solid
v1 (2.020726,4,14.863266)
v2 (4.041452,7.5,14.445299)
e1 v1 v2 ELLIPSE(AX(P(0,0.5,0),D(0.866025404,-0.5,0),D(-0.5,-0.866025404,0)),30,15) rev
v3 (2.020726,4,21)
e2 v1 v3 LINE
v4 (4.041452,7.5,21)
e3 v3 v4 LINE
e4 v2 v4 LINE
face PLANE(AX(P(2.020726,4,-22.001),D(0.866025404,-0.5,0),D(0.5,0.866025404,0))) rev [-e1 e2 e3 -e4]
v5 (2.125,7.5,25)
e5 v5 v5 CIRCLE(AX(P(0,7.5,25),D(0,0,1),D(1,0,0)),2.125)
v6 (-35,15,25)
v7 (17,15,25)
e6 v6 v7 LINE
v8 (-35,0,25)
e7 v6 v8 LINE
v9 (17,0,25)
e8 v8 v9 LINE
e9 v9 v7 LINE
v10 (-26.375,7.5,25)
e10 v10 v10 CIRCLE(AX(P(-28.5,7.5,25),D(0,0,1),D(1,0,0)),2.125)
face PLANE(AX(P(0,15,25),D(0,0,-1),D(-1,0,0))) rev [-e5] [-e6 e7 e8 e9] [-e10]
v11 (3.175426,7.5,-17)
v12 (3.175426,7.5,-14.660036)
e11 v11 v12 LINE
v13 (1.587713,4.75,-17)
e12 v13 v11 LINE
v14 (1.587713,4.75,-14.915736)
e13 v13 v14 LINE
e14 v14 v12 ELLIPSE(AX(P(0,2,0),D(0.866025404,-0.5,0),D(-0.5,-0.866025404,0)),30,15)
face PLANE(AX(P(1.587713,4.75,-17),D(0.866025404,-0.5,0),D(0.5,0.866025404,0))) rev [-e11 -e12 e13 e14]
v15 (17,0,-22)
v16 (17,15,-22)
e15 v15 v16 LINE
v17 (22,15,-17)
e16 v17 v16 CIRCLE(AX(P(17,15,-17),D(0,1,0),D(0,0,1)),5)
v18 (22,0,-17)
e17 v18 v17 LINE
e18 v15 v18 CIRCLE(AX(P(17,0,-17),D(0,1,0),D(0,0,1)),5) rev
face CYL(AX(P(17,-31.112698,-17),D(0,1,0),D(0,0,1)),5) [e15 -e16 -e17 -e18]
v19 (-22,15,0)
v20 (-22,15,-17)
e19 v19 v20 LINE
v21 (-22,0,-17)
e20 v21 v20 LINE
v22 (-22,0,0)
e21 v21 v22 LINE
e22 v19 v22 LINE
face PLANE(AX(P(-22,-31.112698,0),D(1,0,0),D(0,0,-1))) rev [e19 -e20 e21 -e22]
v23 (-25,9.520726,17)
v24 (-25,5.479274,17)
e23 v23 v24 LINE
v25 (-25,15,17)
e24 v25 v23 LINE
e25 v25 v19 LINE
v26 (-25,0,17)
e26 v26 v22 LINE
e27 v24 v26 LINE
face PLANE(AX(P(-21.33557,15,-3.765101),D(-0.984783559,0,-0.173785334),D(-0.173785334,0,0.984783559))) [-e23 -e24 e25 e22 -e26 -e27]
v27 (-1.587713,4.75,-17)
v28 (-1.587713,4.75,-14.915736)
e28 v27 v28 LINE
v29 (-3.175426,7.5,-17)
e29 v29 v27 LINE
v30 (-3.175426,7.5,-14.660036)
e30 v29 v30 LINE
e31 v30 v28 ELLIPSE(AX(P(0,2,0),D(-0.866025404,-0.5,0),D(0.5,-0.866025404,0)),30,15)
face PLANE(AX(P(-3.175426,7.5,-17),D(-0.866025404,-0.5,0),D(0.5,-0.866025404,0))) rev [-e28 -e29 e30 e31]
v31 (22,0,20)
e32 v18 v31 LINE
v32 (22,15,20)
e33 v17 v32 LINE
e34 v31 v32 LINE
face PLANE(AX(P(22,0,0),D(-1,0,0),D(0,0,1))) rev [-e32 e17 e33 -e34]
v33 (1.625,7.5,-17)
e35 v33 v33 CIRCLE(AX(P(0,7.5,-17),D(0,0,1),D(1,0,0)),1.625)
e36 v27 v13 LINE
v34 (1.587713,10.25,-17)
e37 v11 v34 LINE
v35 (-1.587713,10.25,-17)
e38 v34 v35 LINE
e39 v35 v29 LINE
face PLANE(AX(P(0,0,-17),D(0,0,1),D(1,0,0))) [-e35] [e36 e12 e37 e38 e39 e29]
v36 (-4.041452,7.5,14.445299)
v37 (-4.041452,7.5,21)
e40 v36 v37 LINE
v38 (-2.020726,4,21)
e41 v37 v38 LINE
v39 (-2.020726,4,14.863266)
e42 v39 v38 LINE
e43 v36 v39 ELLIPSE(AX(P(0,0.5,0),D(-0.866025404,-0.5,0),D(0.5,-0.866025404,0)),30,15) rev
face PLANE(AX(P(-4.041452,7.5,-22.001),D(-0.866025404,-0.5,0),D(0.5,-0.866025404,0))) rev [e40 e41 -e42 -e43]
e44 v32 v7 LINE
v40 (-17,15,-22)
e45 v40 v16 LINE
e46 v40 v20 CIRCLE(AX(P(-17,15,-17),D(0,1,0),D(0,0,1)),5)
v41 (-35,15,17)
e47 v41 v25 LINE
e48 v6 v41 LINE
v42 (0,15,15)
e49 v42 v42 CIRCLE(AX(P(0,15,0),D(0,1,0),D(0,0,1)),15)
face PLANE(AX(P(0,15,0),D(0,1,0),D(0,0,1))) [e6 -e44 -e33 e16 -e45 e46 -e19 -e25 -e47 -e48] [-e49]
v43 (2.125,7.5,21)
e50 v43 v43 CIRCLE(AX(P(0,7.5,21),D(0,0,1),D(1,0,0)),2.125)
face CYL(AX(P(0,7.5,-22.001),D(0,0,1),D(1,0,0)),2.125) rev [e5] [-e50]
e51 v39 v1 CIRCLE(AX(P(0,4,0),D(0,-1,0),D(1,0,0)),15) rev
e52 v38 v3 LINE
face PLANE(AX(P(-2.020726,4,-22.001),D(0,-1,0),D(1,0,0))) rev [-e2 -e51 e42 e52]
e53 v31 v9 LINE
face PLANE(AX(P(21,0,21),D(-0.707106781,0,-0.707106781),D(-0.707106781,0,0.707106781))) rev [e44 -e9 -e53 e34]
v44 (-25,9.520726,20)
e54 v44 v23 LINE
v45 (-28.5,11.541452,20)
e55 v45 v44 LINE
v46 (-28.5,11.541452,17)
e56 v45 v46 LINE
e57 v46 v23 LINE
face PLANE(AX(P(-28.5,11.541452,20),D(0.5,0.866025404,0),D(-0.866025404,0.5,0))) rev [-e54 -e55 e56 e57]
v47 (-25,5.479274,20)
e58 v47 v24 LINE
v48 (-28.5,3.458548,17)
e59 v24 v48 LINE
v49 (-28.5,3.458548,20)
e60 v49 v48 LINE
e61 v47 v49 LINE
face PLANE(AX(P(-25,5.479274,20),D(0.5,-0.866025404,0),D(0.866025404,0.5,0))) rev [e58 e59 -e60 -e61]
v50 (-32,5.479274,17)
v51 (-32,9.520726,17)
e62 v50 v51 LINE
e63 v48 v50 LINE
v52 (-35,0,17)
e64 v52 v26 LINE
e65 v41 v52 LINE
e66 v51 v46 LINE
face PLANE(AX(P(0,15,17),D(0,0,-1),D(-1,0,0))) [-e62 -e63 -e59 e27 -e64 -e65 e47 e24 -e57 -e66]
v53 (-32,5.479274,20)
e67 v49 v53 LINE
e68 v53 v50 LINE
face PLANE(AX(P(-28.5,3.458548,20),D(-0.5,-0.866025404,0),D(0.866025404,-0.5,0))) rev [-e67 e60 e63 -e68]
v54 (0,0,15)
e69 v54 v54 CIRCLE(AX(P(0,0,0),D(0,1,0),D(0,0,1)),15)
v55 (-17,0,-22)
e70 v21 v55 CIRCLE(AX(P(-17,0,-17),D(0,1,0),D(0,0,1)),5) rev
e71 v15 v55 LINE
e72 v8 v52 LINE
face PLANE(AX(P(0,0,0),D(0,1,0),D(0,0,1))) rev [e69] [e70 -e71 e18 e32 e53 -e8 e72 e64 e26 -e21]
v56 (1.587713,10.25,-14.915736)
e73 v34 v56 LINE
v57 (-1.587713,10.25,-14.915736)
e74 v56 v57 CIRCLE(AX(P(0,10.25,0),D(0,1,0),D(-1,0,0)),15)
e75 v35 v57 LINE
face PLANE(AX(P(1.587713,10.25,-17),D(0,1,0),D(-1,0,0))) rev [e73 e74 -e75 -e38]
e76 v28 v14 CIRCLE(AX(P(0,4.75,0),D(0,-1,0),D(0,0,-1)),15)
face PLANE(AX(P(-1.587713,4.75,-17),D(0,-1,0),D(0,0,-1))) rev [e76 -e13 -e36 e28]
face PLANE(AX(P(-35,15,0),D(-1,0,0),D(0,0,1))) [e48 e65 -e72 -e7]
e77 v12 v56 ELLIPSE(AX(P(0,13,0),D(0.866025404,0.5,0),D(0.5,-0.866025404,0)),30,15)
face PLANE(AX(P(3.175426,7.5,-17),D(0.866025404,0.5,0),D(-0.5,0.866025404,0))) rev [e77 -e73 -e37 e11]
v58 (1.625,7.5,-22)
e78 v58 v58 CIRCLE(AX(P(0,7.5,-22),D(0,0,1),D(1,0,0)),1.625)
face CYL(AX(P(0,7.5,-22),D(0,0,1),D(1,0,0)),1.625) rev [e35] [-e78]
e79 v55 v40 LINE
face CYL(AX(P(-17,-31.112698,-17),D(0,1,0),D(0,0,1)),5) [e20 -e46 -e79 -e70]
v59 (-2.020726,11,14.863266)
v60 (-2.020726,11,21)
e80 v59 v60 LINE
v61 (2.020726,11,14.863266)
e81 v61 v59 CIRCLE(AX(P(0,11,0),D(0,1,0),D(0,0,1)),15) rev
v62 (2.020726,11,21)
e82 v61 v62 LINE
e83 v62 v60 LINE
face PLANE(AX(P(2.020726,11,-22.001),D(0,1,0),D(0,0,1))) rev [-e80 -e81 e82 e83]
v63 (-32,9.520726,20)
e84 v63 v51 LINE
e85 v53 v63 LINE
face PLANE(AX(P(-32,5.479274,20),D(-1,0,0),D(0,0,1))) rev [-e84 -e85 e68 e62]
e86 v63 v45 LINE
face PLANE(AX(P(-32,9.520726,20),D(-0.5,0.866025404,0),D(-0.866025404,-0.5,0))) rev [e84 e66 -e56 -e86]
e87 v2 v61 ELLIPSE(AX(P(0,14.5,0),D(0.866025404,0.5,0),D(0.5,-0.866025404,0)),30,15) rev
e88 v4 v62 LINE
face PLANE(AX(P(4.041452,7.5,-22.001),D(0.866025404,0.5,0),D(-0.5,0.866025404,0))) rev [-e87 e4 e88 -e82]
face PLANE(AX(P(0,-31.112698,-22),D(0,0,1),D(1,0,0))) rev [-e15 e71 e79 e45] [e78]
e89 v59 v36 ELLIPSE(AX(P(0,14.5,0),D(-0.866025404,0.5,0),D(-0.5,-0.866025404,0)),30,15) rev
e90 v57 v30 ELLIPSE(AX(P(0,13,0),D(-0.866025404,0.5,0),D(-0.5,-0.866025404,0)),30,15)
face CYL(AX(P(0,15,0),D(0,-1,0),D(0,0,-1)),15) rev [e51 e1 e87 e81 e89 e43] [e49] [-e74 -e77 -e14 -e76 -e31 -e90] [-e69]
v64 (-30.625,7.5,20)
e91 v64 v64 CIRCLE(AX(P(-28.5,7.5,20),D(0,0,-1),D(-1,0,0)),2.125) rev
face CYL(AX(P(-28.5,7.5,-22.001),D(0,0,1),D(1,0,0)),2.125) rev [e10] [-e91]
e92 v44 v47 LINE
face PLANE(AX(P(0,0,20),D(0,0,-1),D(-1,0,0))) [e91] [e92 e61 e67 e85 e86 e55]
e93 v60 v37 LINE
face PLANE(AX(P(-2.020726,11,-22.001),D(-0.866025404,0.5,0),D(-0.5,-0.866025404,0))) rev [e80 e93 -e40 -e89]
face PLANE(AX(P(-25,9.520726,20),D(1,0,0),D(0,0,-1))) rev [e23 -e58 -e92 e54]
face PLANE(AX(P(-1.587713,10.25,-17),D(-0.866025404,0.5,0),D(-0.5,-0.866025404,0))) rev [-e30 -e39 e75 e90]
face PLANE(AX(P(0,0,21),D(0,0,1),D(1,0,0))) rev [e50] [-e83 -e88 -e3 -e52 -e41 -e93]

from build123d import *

# Parameters (mm, degrees)
CROQUIS1_R              = 15
SALIENTE_EXTRUIR1_DEPTH = 15
CORTAR_EXTRUIR1_REACH   = 62.49
CROQUIS2_R              = 2.125
CORTAR_EXTRUIR2_DEPTH   = 3
CUT_EXTRUDE1_DEPTH      = 46.552167984
CUT_EXTRUDE2_REACH      = 66.49
CUT_EXTRUDE2_END_RADIUS = 15
CUT_EXTRUDE2_START      = -4
CUT_EXTRUDE3_START      = -39
CUT_EXTRUDE3_DEPTH      = 3
BOSS_EXTRUDE3_START     = -15
BOSS_EXTRUDE3_DEPTH     = 15
CUT_EXTRUDE4_START      = -20
SKETCH4_R               = 1.625
CUT_EXTRUDE4_DEPTH      = 41.489668539


with BuildPart() as part:
    # Croquis1 → Saliente-Extruir1 (new body)
    with BuildSketch(Plane(origin=(0, 0, 0), x_dir=(1, 0, 0), z_dir=(0, 1, 0))):
        with BuildLine():
            Line((-35, -17), (-35, -25))
            Line((-35, -25), (35, -25))
            Line((35, -25), (35, -17))
            Line((35, -17), (25, -17))
            Line((25, -17), (22, 0))
            ThreePointArc((22, 0), (0, 22), (-22, 0))
            Line((-22, 0), (-25, -17))
            Line((-25, -17), (-35, -17))
        make_face()
        with Locations(Location((0, 0, 0), (0, 0, 270))):
            Circle(CROQUIS1_R, mode=Mode.SUBTRACT)
    extrude(amount=SALIENTE_EXTRUIR1_DEPTH)

    # Croquis2 → Cortar-Extruir1 (cut, up to next)
    with BuildSketch(Plane.XY.offset(25), mode=Mode.PRIVATE) as cortar_extruir1_sk1:
        with Locations((-28.5, 7.5)):
            Circle(CROQUIS2_R)
    cortar_extruir1_tool1 = extrude(cortar_extruir1_sk1.sketch, amount=-CORTAR_EXTRUIR1_REACH, mode=Mode.PRIVATE) & part.part
    # Croquis2 → Cortar-Extruir1 (cut, up to next)
    with BuildSketch(Plane.XY.offset(25), mode=Mode.PRIVATE) as cortar_extruir1_sk2:
        with Locations((28.5, 7.5)):
            Circle(CROQUIS2_R)
    cortar_extruir1_tool2 = extrude(cortar_extruir1_sk2.sketch, amount=-CORTAR_EXTRUIR1_REACH, mode=Mode.PRIVATE) & part.part
    # Croquis2 → Cortar-Extruir1 (cut, up to next)
    with BuildSketch(Plane.XY.offset(25), mode=Mode.PRIVATE) as cortar_extruir1_sk3:
        with Locations((0, 7.5)):
            Circle(CROQUIS2_R)
    cortar_extruir1_tool3 = extrude(cortar_extruir1_sk3.sketch, amount=-CORTAR_EXTRUIR1_REACH, mode=Mode.PRIVATE) & part.part
    add(cortar_extruir1_tool1.solids().sort_by_distance((-28.5, 7.5, 25))[0], mode=Mode.SUBTRACT)
    add(cortar_extruir1_tool2.solids().sort_by_distance((28.5, 7.5, 25))[0], mode=Mode.SUBTRACT)
    add(cortar_extruir1_tool3.solids().sort_by_distance((0, 7.5, 25))[0], mode=Mode.SUBTRACT)

    # Croquis3 → Cortar-Extruir2 (cut)
    with BuildSketch(Plane(origin=(0, 0, 17), x_dir=(-1, 0, 0), z_dir=(0, 0, -1))):
        Polygon((25, 5.479274058), (28.5, 3.458548116), (32, 5.479274058), (32, 9.520725942), (28.5, 11.541451884), (25, 9.520725942), align=None)
        Polygon((-25, 5.479274058), (-25, 9.520725942), (-28.5, 11.541451884), (-32, 9.520725942), (-32, 5.479274058), (-28.5, 3.458548116), align=None)
    extrude(amount=-CORTAR_EXTRUIR2_DEPTH, mode=Mode.SUBTRACT)

    # Sketch1 → Cut-Extrude1 (cut, through all)
    with BuildSketch(Plane(origin=(0, 15, 0), x_dir=(1, 0, 0), z_dir=(0, 1, 0))):
        Polygon((22, -25), (22, -20), (17, -25), align=None)
        Polygon((22, 0), (22, -20), (22, -25), (35, -25), (35, -17), (25, -17), align=None)
    extrude(amount=-CUT_EXTRUDE1_DEPTH, mode=Mode.SUBTRACT)

    # Cut-Extrude2: up to this cylinder (the profile starts outside it)
    cut_extrude2_end = Plane(origin=(0, 7.5, 0), z_dir=(0, -1, 0)) * Cylinder(CUT_EXTRUDE2_END_RADIUS, 163.98, mode=Mode.PRIVATE)
    # Sketch2 → Cut-Extrude2 (cut, up to the surface)
    with BuildSketch(Plane.XY.offset(25).offset(CUT_EXTRUDE2_START), mode=Mode.PRIVATE) as cut_extrude2_sk1:
        Polygon((2.020725942, 4), (4.041451884, 7.5), (2.020725942, 11), (-2.020725942, 11), (-4.041451884, 7.5), (-2.020725942, 4), align=None)
    cut_extrude2_tool1 = extrude(cut_extrude2_sk1.sketch, amount=-CUT_EXTRUDE2_REACH, mode=Mode.PRIVATE) - cut_extrude2_end
    add(cut_extrude2_tool1.solids().sort_by_distance((0, 7.5, 21))[0], mode=Mode.SUBTRACT)

    # Sketch3 → Cut-Extrude3 (cut)
    with BuildSketch(Plane.XY.offset(25).offset(CUT_EXTRUDE3_START)):
        Polygon((1.58771324, 4.75), (3.175426481, 7.5), (1.58771324, 10.25), (-1.58771324, 10.25), (-3.175426481, 7.5), (-1.58771324, 4.75), align=None)
    extrude(amount=-CUT_EXTRUDE3_DEPTH, mode=Mode.SUBTRACT)

    # Sketch5 → Boss-Extrude3 (add)
    with BuildSketch(Plane(origin=(0, 15, 0), x_dir=(1, 0, 0), z_dir=(0, 1, 0)).offset(BOSS_EXTRUDE3_START)):
        with BuildLine():
            ThreePointArc((-12.177948568, 18.322051432), (-6.36061571, 21.060450323), (3.35e-07, 22))
            Line((3.35e-07, 22), (-17, 22))
            ThreePointArc((-17, 22), (-13.967695362, 20.975566448), (-12.177948568, 18.322051432))
        make_face()
        with BuildLine():
            ThreePointArc((12.177948568, 18.322051432), (13.967695362, 20.975566448), (17, 22))
            Line((17, 22), (3.35e-07, 22))
            ThreePointArc((3.35e-07, 22), (6.360616031, 21.060450226), (12.177948568, 18.322051432))
        make_face()
        with BuildLine():
            ThreePointArc((18.322051432, 12.177948568), (20.975566448, 13.967695362), (22, 17))
            ThreePointArc((22, 17), (20.535533906, 20.535533906), (17, 22))
            ThreePointArc((17, 22), (13.967695362, 20.975566448), (12.177948568, 18.322051432))
            ThreePointArc((12.177948568, 18.322051432), (15.556349186, 15.556349186), (18.322051432, 12.177948568))
        make_face()
        with BuildLine():
            ThreePointArc((12.177948568, 18.322051432), (13.464466094, 13.464466094), (18.322051432, 12.177948568))
            ThreePointArc((18.322051432, 12.177948568), (15.556349186, 15.556349186), (12.177948568, 18.322051432))
        make_face()
        with BuildLine():
            ThreePointArc((18.322051432, 12.177948568), (21.060450274, 6.36061587), (22, 0))
            Line((22, 0), (22, 17))
            ThreePointArc((22, 17), (20.975566448, 13.967695362), (18.322051432, 12.177948568))
        make_face()
        with BuildLine():
            ThreePointArc((-17, 22), (-20.535533906, 20.535533906), (-22, 17))
            ThreePointArc((-22, 17), (-20.975566448, 13.967695362), (-18.322051432, 12.177948568))
            ThreePointArc((-18.322051432, 12.177948568), (-15.556349186, 15.556349186), (-12.177948568, 18.322051432))
            ThreePointArc((-12.177948568, 18.322051432), (-13.967695362, 20.975566448), (-17, 22))
        make_face()
        with BuildLine():
            ThreePointArc((-12.177948568, 18.322051432), (-15.556349186, 15.556349186), (-18.322051432, 12.177948568))
            ThreePointArc((-18.322051432, 12.177948568), (-13.967695362, 13.024433552), (-12, 17))
            ThreePointArc((-12, 17), (-12.044686833, 17.666986822), (-12.177948568, 18.322051432))
        make_face()
        with BuildLine():
            Line((-22, 17), (-22, 0))
            ThreePointArc((-22, 0), (-21.060450274, 6.36061587), (-18.322051432, 12.177948568))
            ThreePointArc((-18.322051432, 12.177948568), (-20.975566448, 13.967695362), (-22, 17))
        make_face()
    extrude(amount=BOSS_EXTRUDE3_DEPTH)

    # Sketch4 → Cut-Extrude4 (cut, through all)
    with BuildSketch(Plane.XY.offset(25).offset(CUT_EXTRUDE4_START)):
        with Locations((0, 7.5)):
            Circle(SKETCH4_R)
    extrude(amount=-CUT_EXTRUDE4_DEPTH, mode=Mode.SUBTRACT)


solid = part.part
